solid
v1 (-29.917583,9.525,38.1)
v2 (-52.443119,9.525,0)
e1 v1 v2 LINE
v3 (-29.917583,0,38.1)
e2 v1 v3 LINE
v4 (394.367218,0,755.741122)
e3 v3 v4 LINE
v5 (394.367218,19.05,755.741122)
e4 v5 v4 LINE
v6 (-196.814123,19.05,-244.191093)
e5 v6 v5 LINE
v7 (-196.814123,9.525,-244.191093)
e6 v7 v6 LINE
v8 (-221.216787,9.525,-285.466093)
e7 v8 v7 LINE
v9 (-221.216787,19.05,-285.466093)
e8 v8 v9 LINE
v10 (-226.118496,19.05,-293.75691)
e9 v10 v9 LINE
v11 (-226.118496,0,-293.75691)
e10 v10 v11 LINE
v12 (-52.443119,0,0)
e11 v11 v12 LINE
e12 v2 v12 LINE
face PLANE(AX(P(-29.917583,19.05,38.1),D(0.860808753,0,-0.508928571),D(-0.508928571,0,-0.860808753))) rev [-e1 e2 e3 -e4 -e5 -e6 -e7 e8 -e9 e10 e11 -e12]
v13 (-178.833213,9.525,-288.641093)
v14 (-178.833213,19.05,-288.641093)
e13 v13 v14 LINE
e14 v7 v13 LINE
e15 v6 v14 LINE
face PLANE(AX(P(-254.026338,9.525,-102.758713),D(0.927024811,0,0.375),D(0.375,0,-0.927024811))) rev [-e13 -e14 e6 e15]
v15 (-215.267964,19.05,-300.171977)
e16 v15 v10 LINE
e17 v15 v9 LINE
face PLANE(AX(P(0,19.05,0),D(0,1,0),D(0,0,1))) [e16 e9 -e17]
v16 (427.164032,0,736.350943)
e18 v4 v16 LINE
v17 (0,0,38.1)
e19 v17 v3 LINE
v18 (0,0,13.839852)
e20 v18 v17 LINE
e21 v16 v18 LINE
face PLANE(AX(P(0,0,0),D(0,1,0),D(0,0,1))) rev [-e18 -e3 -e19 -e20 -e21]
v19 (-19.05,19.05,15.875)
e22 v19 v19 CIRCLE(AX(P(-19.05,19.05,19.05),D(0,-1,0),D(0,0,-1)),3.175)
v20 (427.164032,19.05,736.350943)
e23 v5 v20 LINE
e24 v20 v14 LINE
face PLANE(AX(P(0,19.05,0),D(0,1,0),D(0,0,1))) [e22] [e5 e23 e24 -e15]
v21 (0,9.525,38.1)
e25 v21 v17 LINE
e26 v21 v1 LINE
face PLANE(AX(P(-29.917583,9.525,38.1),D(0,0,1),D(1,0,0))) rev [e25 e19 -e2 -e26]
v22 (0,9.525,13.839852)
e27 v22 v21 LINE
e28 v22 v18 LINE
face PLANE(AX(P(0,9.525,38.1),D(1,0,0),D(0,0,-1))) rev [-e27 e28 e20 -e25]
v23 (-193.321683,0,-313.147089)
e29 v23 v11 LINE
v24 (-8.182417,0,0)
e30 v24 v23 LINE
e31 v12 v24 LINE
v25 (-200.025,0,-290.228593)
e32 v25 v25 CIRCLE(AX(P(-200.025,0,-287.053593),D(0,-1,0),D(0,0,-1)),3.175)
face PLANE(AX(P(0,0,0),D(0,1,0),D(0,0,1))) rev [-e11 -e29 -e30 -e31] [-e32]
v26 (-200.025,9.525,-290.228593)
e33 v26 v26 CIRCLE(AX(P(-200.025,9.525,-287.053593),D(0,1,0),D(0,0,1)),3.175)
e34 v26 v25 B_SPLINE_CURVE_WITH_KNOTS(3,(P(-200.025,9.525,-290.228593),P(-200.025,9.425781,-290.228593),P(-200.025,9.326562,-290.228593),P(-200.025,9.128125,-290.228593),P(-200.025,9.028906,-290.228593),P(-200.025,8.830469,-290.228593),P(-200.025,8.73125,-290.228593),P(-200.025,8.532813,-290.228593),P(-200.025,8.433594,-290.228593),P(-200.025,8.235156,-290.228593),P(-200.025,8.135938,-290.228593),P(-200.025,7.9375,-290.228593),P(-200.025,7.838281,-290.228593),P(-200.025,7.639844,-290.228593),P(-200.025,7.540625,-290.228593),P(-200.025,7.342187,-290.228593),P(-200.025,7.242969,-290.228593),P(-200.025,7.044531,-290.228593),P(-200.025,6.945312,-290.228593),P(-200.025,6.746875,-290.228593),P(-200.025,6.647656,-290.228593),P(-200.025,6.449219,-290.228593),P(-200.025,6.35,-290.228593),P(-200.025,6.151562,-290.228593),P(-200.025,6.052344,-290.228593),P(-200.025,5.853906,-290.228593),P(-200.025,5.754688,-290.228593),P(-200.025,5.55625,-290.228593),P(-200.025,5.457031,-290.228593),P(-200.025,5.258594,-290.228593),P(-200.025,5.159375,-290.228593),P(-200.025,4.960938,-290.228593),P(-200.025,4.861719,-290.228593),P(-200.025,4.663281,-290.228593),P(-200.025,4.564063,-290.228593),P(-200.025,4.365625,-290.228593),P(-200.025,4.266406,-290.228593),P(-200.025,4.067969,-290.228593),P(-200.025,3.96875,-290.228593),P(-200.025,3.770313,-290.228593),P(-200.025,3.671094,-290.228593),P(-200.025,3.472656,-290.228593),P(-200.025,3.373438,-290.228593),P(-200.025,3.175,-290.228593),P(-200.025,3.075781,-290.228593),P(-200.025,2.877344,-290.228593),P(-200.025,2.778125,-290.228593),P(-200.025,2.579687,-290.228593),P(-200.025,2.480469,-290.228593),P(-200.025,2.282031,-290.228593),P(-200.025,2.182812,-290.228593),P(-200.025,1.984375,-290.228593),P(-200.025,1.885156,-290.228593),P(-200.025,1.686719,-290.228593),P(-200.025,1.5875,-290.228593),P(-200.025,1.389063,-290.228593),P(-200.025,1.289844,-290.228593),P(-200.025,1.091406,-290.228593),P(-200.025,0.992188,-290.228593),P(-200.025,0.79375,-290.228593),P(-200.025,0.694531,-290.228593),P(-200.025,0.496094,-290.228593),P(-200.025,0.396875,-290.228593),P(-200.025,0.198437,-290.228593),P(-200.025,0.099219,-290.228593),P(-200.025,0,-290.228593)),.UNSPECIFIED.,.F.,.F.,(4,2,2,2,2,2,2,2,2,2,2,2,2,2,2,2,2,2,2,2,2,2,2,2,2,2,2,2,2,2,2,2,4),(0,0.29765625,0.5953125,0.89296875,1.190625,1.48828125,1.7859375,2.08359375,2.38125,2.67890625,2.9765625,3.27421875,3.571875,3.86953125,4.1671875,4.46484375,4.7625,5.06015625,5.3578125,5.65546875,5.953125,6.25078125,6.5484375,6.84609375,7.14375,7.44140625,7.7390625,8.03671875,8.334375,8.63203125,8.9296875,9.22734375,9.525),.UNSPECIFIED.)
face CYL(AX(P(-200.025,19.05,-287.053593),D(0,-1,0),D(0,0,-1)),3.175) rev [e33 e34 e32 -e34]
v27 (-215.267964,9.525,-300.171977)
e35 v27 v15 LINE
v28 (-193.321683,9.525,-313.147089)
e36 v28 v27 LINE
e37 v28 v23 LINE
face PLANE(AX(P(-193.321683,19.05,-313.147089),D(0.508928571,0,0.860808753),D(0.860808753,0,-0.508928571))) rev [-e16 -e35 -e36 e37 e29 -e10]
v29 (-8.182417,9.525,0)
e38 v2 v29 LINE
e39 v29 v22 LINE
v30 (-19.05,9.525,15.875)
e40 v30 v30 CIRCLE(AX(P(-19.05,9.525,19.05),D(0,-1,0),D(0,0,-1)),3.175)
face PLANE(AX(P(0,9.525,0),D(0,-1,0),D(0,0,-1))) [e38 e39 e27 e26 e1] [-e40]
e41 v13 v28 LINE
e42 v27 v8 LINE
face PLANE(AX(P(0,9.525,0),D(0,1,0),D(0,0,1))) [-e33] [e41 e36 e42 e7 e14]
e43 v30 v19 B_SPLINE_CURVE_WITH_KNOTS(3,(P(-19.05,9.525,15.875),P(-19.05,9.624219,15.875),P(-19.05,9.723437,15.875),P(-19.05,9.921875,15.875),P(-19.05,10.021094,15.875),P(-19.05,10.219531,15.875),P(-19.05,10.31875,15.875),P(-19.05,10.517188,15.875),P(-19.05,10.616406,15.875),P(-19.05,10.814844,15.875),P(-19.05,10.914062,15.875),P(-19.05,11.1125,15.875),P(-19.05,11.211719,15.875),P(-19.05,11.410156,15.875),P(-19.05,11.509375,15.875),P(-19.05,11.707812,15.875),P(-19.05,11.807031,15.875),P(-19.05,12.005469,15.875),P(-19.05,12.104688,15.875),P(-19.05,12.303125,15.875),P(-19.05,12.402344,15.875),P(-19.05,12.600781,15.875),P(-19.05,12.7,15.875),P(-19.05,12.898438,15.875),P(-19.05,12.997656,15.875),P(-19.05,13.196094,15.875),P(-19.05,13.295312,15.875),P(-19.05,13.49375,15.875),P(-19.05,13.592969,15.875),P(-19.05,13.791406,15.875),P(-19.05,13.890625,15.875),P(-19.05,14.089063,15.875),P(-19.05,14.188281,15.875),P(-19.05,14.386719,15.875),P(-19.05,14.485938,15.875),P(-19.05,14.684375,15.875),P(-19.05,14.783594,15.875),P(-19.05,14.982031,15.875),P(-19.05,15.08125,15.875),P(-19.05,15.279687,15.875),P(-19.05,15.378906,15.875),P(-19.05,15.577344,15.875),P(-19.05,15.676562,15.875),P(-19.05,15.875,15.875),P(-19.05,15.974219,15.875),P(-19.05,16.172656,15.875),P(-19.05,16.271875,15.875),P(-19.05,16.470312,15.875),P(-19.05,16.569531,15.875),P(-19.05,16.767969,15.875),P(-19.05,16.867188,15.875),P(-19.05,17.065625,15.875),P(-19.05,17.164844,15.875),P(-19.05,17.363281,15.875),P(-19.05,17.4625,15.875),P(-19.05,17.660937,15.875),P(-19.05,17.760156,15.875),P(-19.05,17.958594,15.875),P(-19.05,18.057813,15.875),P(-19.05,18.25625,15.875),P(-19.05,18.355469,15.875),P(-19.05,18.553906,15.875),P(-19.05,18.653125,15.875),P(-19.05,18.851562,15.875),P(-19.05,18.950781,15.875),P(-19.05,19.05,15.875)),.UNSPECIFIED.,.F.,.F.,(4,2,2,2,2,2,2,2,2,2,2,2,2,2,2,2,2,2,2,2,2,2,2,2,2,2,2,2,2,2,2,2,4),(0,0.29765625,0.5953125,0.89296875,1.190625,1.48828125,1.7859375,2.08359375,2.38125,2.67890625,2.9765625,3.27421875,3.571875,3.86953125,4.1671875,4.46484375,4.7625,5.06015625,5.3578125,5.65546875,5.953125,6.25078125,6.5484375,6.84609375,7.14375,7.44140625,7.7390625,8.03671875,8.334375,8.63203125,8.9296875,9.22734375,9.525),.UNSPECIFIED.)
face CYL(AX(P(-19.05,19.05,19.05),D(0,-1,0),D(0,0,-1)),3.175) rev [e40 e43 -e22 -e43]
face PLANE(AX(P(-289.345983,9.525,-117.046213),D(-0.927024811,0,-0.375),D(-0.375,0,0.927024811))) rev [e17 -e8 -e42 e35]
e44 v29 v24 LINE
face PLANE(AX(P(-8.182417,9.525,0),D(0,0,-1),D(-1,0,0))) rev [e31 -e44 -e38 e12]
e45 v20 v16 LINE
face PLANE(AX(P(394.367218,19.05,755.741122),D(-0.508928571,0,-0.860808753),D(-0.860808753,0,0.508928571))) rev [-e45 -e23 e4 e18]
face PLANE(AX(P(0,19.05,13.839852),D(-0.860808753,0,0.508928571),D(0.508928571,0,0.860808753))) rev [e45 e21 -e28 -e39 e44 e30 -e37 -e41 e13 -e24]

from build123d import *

# Parameters (mm, degrees)
BOSS_EXTRUDE4_DEPTH = 19.05
CUT_EXTRUDE5_DEPTH  = 9.525
CUT_EXTRUDE6_DEPTH  = 9.525
SKETCH10_R          = 3.175
CUT_EXTRUDE7_DEPTH  = 19.05


with BuildPart() as part:
    # Sketch2 → Boss-Extrude4 (new body)
    with BuildSketch(Plane(origin=(0, 0, 0), x_dir=(1, 0, 0), z_dir=(0, 1, 0))):
        Polygon((-183.626593256, 296.748681841), (-193.321682542, 313.147088585), (-226.11849603, 293.756910013), (-52.443119188, 0), (-29.917583168, -38.1), (394.367218256, -755.741121604), (427.164031744, -736.350943032), (0, -13.839851848), (-8.182416832, 0), align=None)
    extrude(amount=BOSS_EXTRUDE4_DEPTH)

    # Sketch8 → Cut-Extrude5 (cut)
    with BuildSketch(Plane(origin=(0, 19.05, 0), x_dir=(1, 0, 0), z_dir=(0, 1, 0))):
        Polygon((-193.321682542, 313.147088585), (-215.267964049, 300.171976915), (-221.216787177, 285.466092555), (-196.814123155, 244.191092555), (-178.833212823, 288.641092555), align=None)
    extrude(amount=-CUT_EXTRUDE5_DEPTH, mode=Mode.SUBTRACT)

    # Sketch9 → Cut-Extrude6 (cut)
    with BuildSketch(Plane.XZ):
        Polygon((-52.443119188, 0), (-29.917583168, 38.1), (0, 38.1), (0, 13.839851848), (-8.182416832, 0), align=None)
    extrude(amount=-CUT_EXTRUDE6_DEPTH, mode=Mode.SUBTRACT)

    # Sketch10 → Cut-Extrude7 (cut)
    with BuildSketch(Plane.XZ):
        with Locations(Location((-200.025, -287.053592555, 0), (0, 0, 270))):
            Circle(SKETCH10_R)
        with Locations(Location((-19.05, 19.05, 0), (0, 0, 270))):
            Circle(SKETCH10_R)
    extrude(amount=-CUT_EXTRUDE7_DEPTH, mode=Mode.SUBTRACT)


solid = part.part
